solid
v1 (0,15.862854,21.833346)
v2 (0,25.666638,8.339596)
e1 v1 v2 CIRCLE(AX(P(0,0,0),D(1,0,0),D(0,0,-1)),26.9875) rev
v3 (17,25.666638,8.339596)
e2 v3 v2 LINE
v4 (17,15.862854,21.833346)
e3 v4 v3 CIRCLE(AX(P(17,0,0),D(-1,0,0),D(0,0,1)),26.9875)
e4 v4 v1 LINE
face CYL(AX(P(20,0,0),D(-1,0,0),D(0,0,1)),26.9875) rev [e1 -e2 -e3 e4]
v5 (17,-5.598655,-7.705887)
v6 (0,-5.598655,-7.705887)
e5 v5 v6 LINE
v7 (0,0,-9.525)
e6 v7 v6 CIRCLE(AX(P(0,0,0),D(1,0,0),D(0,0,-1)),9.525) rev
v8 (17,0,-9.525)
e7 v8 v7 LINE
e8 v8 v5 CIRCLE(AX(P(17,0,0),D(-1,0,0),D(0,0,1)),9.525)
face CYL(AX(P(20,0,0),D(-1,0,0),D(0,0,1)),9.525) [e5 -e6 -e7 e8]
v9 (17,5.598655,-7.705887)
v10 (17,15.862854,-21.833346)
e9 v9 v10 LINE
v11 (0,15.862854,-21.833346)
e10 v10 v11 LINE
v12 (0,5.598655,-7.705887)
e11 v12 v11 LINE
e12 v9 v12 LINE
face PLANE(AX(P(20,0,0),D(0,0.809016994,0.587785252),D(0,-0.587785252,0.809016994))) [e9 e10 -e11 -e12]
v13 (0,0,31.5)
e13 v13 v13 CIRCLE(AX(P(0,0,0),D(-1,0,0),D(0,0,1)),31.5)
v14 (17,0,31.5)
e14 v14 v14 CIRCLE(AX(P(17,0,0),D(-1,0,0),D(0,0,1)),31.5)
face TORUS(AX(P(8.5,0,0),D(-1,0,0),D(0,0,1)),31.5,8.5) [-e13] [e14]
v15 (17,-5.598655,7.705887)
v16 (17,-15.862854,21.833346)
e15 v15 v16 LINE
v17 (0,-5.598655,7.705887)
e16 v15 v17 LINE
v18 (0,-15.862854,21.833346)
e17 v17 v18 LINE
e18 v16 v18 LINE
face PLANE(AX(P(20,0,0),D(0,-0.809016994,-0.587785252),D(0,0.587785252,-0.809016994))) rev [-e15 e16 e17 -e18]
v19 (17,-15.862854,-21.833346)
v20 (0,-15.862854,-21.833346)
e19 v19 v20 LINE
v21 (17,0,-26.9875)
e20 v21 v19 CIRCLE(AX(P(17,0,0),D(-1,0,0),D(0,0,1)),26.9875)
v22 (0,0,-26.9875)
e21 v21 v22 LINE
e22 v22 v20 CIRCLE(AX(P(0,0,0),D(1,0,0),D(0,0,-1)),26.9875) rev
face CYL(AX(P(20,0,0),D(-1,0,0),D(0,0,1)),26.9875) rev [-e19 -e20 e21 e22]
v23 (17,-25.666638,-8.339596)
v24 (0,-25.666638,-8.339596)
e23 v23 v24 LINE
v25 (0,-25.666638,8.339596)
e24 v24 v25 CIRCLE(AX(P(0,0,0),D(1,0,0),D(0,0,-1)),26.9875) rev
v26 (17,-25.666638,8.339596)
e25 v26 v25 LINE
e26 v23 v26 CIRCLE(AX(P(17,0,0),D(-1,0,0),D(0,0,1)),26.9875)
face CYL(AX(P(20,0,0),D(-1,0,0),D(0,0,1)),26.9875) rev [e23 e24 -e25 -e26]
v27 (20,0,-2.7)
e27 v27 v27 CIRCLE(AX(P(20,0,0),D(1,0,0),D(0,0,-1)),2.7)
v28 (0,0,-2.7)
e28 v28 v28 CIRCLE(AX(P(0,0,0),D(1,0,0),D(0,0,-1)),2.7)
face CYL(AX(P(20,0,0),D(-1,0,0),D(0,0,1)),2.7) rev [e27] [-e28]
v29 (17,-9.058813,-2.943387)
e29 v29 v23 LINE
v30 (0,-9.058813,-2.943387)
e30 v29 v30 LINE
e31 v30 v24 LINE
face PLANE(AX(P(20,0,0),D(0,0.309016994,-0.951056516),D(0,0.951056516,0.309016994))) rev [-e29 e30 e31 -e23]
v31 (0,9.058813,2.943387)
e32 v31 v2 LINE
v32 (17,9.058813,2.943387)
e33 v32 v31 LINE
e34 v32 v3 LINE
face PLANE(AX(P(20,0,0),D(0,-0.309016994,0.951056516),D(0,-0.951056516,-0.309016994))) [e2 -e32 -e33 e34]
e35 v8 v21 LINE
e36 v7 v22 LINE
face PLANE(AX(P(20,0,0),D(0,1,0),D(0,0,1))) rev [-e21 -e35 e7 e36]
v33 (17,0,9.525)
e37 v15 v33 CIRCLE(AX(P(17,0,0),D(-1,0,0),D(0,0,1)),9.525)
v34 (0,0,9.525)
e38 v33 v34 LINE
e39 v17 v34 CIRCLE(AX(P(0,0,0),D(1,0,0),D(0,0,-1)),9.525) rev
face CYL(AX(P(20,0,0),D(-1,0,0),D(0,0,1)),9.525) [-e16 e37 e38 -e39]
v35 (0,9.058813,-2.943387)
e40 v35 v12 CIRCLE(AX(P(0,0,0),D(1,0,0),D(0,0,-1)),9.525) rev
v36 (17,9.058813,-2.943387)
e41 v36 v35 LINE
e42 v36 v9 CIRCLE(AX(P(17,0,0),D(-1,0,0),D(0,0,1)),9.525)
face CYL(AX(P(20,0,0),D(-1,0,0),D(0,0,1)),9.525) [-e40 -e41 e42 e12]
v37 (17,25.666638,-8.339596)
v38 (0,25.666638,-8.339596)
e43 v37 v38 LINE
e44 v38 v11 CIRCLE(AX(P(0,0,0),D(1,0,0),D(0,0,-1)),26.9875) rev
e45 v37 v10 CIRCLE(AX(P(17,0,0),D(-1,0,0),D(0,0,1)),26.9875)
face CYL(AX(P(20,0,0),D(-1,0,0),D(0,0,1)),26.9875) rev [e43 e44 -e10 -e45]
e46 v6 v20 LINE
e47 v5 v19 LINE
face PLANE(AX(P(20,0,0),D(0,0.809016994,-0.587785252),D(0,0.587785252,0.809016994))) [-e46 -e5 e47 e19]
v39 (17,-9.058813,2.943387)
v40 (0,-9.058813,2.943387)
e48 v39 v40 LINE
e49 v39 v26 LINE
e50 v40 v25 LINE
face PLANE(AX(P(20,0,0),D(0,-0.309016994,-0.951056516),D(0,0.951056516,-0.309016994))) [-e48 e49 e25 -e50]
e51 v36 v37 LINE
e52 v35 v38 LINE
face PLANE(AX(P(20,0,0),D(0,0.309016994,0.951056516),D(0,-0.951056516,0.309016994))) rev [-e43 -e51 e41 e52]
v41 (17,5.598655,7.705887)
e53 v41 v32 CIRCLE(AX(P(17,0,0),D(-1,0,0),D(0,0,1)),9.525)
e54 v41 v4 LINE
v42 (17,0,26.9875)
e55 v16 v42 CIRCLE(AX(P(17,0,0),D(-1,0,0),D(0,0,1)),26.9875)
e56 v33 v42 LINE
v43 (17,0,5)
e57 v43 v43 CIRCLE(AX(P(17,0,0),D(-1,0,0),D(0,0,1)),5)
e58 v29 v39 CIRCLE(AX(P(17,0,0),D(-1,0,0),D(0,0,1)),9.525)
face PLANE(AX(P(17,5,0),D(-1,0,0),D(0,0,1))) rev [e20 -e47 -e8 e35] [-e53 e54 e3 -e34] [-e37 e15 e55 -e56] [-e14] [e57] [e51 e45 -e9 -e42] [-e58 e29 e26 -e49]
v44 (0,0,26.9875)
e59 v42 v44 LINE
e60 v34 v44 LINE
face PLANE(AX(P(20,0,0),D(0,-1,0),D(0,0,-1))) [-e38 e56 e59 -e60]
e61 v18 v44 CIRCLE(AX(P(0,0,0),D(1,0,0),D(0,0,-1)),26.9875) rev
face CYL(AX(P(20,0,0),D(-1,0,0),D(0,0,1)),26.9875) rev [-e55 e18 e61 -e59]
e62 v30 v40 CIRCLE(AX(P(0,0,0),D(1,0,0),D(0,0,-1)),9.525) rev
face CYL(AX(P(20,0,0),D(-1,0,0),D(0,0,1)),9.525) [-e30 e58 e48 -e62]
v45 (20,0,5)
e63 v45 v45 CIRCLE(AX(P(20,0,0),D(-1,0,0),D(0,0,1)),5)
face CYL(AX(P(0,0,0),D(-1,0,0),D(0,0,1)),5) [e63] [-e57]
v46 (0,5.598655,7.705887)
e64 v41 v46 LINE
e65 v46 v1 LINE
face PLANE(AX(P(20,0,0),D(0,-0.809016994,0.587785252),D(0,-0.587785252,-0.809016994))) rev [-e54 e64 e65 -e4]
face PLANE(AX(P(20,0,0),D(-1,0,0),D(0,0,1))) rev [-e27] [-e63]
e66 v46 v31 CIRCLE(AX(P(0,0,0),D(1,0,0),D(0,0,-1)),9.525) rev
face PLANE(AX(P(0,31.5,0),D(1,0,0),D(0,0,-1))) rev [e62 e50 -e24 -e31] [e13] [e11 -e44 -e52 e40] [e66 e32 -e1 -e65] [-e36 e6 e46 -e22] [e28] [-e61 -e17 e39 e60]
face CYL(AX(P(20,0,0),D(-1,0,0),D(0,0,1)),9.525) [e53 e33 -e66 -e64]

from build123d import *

# Parameters (mm, degrees)
SKETCH2_R          = 2.7
CUT_EXTRUDE1_DEPTH = 61.000000133
CUT_EXTRUDE2_DEPTH = 61.000000133


with BuildPart() as part:
    # Sketch1 → Revolve1 (revolve)
    with BuildSketch(Plane.XY, mode=Mode.PRIVATE) as revolve1_sk:
        with BuildLine():
            Line((0, 31.5), (0, 0))
            Line((0, 0), (20, 0))
            Line((20, 0), (20, 5))
            Line((20, 5), (17, 5))
            Line((17, 5), (17, 31.5))
            ThreePointArc((17, 31.5), (8.5, 40), (0, 31.5))
        make_face()
    revolve(revolve1_sk.sketch.rotate(Axis((0, 0, 0), (1, 0, 0)), 90), axis=Axis((0, 0, 0), (1, 0, 0)))

    # Sketch2 → Cut-Extrude1 (cut, through all)
    with BuildSketch(Plane(origin=(0, 0, 0), x_dir=(0, 0, -1), z_dir=(1, 0, 0))):
        Circle(SKETCH2_R)
    extrude(amount=CUT_EXTRUDE1_DEPTH, mode=Mode.SUBTRACT)

    # Sketch3 → Cut-Extrude2 (cut, through all)
    with BuildSketch(Plane(origin=(0, 0, 0), x_dir=(0, 0, -1), z_dir=(1, 0, 0))):
        with BuildLine():
            Line((-21.833346136, 15.862854496), (-7.705886871, 5.598654528))
            ThreePointArc((-7.705886871, 5.598654528), (-5.598654528, 7.705886871), (-2.943386871, 9.058813318))
            Line((-2.943386871, 9.058813318), (-8.339596136, 25.666637734))
            ThreePointArc((-8.339596136, 25.666637734), (-15.862854496, 21.833346136), (-21.833346136, 15.862854496))
        make_face()
        with BuildLine():
            Line((8.339596136, 25.666637734), (2.943386871, 9.058813318))
            ThreePointArc((2.943386871, 9.058813318), (5.598654528, 7.705886871), (7.705886871, 5.598654528))
            Line((7.705886871, 5.598654528), (21.833346136, 15.862854496))
            ThreePointArc((21.833346136, 15.862854496), (15.862854496, 21.833346136), (8.339596136, 25.666637734))
        make_face()
        with BuildLine():
            Line((26.9875, 0), (9.525, 0))
            ThreePointArc((9.525, 0), (9.058813318, -2.943386871), (7.705886871, -5.598654528))
            Line((7.705886871, -5.598654528), (21.833346136, -15.862854496))
            ThreePointArc((21.833346136, -15.862854496), (25.666637734, -8.339596136), (26.9875, 0))
        make_face()
        with BuildLine():
            Line((8.339596136, -25.666637734), (2.943386871, -9.058813318))
            ThreePointArc((2.943386871, -9.058813318), (0, -9.525), (-2.943386871, -9.058813318))
            Line((-2.943386871, -9.058813318), (-8.339596136, -25.666637734))
            ThreePointArc((-8.339596136, -25.666637734), (0, -26.9875), (8.339596136, -25.666637734))
        make_face()
        with BuildLine():
            Line((-21.833346136, -15.862854496), (-7.705886871, -5.598654528))
            ThreePointArc((-7.705886871, -5.598654528), (-9.058813318, -2.943386871), (-9.525, 0))
            Line((-9.525, 0), (-26.9875, 0))
            ThreePointArc((-26.9875, 0), (-25.666637734, -8.339596136), (-21.833346136, -15.862854496))
        make_face()
    extrude(amount=CUT_EXTRUDE2_DEPTH, mode=Mode.SUBTRACT)


solid = part.part
